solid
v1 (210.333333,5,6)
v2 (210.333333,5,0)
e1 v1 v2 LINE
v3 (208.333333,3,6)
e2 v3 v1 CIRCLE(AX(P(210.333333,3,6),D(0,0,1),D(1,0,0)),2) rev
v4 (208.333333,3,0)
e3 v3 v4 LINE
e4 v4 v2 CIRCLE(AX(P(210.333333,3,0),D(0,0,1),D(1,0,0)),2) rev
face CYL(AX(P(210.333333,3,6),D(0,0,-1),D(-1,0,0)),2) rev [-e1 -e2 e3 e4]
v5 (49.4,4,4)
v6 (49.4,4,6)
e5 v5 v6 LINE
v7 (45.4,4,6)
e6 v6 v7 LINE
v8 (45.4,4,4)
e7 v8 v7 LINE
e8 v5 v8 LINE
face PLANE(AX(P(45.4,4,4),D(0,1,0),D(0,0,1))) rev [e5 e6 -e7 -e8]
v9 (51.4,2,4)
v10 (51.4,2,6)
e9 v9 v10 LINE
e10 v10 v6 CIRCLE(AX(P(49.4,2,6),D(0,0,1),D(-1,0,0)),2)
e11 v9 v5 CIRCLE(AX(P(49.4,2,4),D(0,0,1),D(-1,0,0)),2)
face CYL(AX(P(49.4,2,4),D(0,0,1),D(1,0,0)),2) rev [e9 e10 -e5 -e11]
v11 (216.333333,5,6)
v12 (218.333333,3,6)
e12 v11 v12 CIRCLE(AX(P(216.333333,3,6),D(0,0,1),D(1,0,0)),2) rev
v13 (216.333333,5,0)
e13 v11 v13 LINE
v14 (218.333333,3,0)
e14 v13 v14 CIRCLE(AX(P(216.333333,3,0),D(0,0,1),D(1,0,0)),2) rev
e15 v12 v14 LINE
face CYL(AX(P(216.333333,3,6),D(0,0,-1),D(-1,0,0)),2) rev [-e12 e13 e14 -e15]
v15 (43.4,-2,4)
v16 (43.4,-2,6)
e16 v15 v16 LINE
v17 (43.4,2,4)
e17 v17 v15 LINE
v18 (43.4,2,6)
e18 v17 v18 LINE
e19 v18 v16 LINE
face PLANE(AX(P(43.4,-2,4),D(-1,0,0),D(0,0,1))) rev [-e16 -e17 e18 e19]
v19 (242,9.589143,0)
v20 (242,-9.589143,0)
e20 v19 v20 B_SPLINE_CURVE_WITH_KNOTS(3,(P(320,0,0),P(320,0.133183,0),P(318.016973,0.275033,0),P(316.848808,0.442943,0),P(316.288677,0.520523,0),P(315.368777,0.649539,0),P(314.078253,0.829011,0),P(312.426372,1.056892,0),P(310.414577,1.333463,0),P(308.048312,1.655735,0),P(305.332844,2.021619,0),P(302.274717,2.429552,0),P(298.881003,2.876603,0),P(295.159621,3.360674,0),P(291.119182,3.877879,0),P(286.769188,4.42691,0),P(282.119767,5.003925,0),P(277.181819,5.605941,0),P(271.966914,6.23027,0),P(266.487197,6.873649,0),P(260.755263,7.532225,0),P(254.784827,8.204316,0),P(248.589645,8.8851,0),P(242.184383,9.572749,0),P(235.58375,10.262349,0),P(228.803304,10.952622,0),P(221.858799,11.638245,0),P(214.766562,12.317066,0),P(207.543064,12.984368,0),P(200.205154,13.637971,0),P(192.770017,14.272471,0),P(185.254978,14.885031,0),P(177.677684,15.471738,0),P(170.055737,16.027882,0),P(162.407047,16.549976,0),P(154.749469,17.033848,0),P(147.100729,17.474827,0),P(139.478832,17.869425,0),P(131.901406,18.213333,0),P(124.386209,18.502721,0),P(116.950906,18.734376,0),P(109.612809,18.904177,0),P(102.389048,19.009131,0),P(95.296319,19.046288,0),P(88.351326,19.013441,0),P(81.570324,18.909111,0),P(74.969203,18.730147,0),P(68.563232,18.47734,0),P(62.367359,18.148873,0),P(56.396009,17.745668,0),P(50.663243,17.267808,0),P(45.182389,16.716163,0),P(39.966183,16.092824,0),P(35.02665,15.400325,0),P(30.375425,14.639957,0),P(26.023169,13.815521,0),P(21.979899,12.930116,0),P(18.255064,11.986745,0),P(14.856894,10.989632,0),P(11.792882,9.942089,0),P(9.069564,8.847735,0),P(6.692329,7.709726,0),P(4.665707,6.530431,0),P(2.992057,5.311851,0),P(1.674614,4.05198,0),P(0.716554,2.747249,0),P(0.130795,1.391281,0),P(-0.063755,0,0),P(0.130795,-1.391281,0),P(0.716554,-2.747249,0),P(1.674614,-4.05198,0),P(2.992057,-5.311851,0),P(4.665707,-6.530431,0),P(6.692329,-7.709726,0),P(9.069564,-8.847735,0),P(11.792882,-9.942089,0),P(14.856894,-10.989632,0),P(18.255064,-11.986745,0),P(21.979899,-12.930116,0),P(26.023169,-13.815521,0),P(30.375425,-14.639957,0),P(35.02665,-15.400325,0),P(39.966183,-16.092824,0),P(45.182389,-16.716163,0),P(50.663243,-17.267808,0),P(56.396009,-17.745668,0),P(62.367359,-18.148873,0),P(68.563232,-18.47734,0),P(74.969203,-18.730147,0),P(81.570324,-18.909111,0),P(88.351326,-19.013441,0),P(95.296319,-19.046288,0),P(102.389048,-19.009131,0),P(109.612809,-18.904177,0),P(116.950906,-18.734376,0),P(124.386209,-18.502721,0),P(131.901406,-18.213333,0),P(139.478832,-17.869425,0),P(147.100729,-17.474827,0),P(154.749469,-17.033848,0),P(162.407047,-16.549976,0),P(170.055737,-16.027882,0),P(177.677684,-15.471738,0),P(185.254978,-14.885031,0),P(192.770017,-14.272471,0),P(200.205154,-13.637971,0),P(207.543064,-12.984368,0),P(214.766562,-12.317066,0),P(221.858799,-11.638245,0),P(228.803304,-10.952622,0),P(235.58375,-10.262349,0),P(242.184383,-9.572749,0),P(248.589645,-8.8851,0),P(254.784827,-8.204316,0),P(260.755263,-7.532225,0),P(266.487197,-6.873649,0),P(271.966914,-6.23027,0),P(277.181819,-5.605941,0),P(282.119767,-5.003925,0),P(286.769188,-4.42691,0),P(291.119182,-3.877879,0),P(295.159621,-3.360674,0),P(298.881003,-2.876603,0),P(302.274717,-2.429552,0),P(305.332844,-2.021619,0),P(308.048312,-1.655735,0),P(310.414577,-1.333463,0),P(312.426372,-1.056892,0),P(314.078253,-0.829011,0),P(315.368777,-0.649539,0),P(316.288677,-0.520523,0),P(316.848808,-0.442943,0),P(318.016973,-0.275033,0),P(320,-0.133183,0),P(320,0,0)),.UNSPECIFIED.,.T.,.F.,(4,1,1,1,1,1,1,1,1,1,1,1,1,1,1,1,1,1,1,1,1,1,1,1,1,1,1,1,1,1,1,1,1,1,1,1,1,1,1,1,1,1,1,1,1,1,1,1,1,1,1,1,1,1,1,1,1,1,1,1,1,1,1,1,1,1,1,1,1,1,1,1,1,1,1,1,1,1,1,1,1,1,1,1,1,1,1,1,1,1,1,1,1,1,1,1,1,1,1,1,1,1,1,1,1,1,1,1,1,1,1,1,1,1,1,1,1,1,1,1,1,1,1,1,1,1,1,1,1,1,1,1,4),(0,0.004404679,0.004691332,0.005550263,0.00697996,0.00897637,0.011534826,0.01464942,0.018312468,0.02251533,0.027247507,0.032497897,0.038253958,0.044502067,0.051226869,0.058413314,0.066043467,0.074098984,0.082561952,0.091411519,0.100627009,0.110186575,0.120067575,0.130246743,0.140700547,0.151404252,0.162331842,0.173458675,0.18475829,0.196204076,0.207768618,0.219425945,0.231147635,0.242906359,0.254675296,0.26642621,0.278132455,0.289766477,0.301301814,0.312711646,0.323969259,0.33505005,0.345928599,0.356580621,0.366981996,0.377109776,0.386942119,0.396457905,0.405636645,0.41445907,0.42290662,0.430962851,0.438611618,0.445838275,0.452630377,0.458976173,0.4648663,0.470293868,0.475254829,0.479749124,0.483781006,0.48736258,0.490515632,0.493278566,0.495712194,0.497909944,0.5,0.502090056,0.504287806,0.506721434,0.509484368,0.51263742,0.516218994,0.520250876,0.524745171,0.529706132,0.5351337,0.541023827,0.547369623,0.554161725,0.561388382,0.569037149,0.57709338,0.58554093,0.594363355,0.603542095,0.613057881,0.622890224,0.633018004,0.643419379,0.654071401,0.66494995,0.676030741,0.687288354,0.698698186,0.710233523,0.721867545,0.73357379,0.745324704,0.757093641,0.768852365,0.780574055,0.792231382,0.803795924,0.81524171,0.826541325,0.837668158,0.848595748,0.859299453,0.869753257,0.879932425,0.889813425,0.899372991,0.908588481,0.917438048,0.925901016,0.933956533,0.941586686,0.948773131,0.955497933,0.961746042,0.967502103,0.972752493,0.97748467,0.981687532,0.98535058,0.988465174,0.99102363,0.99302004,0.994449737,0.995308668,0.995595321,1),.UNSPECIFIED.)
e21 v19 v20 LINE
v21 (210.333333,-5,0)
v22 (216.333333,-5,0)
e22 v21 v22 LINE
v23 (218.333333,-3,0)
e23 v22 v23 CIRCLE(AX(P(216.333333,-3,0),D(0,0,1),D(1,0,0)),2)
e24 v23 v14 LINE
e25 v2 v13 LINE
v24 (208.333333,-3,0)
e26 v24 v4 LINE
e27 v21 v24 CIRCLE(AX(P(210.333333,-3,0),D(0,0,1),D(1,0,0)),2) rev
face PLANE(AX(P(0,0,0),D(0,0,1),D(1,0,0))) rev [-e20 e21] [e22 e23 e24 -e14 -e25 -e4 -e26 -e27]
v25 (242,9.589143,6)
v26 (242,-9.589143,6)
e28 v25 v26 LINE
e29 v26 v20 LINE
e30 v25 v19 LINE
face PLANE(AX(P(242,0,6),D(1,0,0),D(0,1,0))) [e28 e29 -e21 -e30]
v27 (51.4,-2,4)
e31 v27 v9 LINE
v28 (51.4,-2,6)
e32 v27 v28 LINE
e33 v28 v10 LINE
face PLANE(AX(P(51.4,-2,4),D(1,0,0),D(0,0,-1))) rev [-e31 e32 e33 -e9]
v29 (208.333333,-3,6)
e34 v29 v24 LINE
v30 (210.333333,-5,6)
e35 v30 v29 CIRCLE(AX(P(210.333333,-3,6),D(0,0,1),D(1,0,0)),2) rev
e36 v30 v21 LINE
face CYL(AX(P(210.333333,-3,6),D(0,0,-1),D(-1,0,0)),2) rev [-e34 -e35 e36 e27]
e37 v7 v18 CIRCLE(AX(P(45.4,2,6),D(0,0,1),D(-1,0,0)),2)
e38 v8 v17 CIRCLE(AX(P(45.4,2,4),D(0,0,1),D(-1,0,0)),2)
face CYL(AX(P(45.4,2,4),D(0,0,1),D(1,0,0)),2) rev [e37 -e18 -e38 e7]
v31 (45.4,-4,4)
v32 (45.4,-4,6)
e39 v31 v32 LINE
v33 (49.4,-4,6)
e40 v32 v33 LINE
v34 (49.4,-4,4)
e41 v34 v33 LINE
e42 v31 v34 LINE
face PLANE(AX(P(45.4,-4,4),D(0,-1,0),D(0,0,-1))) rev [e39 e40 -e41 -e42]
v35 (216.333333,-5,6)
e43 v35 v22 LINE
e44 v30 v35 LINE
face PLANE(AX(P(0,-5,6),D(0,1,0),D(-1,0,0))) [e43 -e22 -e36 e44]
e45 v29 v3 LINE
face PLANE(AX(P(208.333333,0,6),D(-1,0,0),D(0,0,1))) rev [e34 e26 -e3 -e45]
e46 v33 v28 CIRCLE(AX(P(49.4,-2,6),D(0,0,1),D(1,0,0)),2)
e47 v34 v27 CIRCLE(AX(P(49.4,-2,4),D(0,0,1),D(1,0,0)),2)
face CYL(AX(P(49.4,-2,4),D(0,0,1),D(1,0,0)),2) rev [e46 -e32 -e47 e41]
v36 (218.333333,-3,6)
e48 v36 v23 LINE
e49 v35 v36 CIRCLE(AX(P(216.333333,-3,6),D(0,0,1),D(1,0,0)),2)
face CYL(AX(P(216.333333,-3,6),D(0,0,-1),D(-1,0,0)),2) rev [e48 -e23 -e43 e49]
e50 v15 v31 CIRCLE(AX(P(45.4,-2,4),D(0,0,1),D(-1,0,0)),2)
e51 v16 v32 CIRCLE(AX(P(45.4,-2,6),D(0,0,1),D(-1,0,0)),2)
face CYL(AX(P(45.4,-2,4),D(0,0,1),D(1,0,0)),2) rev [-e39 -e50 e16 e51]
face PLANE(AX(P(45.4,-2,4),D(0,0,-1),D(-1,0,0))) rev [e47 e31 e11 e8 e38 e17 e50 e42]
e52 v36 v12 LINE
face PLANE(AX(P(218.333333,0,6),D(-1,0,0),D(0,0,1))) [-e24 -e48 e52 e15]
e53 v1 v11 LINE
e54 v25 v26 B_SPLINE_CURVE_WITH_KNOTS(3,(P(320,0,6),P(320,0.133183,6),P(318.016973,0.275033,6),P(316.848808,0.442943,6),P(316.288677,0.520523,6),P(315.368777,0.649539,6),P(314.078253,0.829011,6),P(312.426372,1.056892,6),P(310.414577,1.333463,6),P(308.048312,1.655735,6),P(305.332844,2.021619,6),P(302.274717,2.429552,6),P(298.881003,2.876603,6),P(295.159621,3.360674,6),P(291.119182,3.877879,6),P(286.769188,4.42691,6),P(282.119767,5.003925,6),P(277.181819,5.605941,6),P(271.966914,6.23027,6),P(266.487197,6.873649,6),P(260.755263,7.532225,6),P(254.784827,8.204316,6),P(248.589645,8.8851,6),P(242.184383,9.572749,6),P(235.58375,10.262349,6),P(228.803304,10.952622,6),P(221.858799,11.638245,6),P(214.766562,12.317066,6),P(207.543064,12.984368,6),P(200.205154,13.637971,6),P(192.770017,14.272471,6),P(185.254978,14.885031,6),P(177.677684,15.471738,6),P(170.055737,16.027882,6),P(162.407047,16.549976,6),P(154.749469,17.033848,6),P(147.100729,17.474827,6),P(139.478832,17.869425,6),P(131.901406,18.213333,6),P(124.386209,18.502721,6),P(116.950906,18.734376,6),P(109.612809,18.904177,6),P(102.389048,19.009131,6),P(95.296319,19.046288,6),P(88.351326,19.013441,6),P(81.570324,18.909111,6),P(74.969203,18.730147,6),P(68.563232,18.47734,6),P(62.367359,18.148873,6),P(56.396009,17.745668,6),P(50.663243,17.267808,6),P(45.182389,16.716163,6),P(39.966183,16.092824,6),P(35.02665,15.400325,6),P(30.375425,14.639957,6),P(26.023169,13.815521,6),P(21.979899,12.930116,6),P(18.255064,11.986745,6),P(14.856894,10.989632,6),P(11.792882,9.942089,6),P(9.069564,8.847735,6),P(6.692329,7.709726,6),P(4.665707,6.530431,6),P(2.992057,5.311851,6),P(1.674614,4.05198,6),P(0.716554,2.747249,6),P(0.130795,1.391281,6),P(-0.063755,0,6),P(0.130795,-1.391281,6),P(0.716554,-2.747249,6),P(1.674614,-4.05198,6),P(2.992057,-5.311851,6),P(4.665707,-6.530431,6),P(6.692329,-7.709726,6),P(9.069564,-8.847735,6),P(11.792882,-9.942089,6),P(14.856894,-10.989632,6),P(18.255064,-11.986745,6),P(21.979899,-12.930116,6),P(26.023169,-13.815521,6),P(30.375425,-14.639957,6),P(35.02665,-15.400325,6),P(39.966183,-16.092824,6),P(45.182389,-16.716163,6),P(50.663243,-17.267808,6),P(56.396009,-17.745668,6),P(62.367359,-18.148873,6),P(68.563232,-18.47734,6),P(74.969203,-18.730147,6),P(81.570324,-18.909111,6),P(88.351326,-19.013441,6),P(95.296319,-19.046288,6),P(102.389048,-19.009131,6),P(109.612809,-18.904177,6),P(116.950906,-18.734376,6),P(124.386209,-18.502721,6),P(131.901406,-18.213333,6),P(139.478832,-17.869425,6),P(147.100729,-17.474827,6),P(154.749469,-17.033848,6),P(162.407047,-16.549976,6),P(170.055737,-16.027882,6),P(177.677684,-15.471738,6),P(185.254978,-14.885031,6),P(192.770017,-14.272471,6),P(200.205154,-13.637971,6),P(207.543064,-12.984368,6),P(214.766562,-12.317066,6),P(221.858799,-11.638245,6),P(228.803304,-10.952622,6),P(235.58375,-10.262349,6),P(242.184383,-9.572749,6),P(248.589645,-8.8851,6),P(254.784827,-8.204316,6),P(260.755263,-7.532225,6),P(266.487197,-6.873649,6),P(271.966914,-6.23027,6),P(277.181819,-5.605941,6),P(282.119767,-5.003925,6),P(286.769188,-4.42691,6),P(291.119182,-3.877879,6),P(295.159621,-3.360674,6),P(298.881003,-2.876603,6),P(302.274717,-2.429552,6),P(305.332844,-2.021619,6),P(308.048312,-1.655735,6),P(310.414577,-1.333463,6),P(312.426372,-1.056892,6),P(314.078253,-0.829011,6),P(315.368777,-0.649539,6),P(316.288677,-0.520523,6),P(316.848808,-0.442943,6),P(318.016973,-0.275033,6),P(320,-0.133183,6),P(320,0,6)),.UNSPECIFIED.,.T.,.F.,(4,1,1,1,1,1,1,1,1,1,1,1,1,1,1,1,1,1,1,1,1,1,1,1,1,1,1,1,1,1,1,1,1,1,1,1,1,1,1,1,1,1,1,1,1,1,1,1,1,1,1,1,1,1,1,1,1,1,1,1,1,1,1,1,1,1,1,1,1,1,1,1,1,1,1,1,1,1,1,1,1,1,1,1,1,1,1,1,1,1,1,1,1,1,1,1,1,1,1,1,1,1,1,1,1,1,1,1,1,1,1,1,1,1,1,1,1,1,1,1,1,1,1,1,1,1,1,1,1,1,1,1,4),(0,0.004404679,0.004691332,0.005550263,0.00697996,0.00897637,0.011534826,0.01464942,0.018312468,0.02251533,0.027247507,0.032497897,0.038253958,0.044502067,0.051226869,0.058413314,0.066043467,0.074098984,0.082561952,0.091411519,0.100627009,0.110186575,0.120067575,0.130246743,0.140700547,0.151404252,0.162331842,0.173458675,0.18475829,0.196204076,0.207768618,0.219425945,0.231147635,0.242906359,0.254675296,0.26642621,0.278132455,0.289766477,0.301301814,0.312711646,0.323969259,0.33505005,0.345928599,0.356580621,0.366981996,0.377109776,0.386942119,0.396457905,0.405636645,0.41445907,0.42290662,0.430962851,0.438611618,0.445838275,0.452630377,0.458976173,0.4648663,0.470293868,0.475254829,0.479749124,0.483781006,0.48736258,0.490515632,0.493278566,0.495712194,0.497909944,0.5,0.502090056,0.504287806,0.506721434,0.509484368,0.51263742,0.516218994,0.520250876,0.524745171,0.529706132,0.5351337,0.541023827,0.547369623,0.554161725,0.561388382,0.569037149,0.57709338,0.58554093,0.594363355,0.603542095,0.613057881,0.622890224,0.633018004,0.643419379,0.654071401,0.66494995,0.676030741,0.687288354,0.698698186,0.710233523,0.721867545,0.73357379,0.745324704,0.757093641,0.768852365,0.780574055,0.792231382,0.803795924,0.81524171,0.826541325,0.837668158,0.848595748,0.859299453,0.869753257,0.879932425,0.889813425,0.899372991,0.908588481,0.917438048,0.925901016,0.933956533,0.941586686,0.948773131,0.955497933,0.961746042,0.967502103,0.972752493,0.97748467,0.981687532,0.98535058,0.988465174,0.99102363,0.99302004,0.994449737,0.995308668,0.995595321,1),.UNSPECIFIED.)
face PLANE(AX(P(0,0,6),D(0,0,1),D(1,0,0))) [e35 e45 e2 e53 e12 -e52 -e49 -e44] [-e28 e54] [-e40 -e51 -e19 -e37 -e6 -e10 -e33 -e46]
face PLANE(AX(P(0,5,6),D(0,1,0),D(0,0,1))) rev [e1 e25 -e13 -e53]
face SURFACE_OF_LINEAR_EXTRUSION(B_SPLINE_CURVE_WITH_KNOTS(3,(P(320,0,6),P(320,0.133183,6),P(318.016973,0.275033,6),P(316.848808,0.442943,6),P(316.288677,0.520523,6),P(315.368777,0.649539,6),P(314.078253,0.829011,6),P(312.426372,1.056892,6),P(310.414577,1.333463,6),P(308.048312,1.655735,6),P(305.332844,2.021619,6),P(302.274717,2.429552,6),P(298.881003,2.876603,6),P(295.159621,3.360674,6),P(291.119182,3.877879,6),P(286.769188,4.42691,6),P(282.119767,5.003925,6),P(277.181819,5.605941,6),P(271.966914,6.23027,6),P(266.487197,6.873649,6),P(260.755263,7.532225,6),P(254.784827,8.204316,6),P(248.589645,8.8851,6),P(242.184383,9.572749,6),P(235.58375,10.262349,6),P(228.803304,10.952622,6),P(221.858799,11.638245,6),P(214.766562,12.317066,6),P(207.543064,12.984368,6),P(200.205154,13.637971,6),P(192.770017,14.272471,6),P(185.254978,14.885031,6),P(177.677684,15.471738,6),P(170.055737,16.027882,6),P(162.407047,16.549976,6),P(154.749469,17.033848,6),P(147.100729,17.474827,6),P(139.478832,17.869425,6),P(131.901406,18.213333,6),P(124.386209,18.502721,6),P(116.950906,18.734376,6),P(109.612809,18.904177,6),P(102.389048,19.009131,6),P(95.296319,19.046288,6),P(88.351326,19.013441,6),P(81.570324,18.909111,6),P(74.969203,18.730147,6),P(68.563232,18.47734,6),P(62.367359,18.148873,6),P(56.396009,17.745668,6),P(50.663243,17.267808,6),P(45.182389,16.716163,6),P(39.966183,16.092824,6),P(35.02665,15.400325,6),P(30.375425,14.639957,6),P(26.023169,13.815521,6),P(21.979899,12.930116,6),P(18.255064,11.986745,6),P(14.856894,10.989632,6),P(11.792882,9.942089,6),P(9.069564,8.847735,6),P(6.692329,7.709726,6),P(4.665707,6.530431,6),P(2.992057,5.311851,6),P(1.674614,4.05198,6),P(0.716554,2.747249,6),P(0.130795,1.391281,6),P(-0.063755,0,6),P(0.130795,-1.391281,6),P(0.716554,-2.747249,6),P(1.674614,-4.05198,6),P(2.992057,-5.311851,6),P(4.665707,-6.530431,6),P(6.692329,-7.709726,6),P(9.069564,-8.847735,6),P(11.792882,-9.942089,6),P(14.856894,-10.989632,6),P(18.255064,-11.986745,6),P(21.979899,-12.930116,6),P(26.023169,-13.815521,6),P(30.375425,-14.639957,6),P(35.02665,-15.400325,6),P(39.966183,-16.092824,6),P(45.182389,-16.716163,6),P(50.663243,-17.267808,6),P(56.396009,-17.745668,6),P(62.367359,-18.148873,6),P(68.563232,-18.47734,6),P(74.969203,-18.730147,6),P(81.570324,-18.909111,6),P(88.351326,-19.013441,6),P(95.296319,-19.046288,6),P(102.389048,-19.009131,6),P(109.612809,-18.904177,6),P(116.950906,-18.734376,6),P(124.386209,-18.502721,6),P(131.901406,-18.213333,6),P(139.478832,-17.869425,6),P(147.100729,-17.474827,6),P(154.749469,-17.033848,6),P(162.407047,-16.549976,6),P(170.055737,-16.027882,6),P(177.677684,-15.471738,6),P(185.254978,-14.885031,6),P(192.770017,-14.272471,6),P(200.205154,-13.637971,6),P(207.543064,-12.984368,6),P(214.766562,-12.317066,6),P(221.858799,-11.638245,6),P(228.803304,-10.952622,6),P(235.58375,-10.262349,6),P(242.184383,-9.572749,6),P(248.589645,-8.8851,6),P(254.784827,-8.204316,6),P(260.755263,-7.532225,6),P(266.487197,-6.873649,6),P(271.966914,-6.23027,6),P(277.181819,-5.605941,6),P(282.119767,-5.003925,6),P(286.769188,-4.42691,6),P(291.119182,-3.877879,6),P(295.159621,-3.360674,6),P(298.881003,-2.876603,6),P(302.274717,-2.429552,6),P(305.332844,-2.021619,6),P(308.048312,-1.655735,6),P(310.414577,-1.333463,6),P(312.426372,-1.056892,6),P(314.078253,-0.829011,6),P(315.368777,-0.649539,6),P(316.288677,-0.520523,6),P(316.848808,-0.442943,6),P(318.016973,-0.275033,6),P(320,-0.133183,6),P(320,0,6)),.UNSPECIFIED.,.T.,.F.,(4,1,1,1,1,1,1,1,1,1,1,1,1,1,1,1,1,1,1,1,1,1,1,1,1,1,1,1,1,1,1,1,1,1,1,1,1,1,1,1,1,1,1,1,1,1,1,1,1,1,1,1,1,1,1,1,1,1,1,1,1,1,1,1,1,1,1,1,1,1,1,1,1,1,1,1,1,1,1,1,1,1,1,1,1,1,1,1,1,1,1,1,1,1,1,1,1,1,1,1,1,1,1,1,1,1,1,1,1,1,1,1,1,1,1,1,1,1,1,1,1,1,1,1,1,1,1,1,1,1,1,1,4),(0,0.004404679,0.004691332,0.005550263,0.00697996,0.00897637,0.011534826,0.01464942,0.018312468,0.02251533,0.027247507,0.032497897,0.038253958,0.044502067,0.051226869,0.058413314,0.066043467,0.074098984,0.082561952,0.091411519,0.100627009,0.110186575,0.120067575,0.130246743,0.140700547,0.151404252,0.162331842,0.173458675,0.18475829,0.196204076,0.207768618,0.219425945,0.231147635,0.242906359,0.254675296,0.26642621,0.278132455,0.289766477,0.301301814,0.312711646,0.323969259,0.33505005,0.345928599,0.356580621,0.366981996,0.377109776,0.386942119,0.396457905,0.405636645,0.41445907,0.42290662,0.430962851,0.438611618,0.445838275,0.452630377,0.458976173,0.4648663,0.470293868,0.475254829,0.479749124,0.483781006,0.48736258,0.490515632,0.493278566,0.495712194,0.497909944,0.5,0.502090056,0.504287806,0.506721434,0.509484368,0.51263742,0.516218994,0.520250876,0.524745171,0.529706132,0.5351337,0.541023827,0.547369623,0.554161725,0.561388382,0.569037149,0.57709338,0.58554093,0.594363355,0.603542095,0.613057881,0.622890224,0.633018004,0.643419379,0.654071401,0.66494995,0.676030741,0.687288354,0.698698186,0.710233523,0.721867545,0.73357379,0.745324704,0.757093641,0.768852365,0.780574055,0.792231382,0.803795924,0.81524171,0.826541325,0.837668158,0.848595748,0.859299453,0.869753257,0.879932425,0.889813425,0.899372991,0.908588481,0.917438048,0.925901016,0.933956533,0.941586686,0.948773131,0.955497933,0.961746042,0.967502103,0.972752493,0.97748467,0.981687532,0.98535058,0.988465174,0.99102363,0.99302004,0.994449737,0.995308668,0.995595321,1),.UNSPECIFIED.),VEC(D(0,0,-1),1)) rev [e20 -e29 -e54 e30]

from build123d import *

# Parameters (mm, degrees)
RESSALTO_EXTRUS_O1_DEPTH = 6
CORTE_EXTRUS_O1_DEPTH    = 2


with BuildPart() as part:
    # Esboço2 → Ressalto-extrusão1 (new body)
    with BuildSketch(Plane.XY):
        with BuildLine():
            Line((242, -9.589142856), (242, 9.589142856))
            add(Edge.make_bspline(
                [(242, 9.589142856), (239.881252566, 9.813363987), (235.500866993, 10.270786744), (228.8033041, 10.952622095), (221.858798663, 11.63824546), (214.766562031, 12.317065717), (207.543063709, 12.984368151), (200.205154302, 13.637971107), (192.770016736, 14.272471351), (185.254977834, 14.88503078), (177.677684334, 15.471737584), (170.055736643, 16.027881886), (162.40704666, 16.549975637), (154.749469182, 17.033848442), (147.100729109, 17.474827228), (139.478832183, 17.869424682), (131.901405659, 18.213332959), (124.386208897, 18.502720934), (116.950906263, 18.734375885), (109.612808746, 18.904177161), (102.389047686, 19.009131312), (95.296318699, 19.046288449), (88.351326253, 19.013440651), (81.57032427, 18.909111024), (74.969202801, 18.730146674), (68.563231899, 18.477339509), (62.367359064, 18.148873086), (56.39600907, 17.745668031), (50.663243104, 17.267808413), (45.18238949, 16.71616277), (39.966183181, 16.092823711), (35.026649567, 15.400324993), (30.37542502, 14.639957437), (26.023169264, 13.815521264), (21.979898941, 12.930116494), (18.255063513, 11.986744519), (14.856893697, 10.989631519), (11.79288245, 9.942088903), (9.069563952, 8.847734633), (6.692329129, 7.709725732), (4.665706927, 6.530431468), (2.99205726, 5.311850985), (1.674614077, 4.05197978), (0.716554427, 2.74724885), (0.130795245, 1.391280824), (-0.063755079, 0), (0.130795245, -1.391280824), (0.716554427, -2.74724885), (1.674614077, -4.05197978), (2.99205726, -5.311850985), (4.665706927, -6.530431468), (6.692329129, -7.709725732), (9.069563952, -8.847734633), (11.79288245, -9.942088903), (14.856893697, -10.989631519), (18.255063513, -11.986744519), (21.979898941, -12.930116494), (26.023169264, -13.815521264), (30.37542502, -14.639957437), (35.026649567, -15.400324993), (39.966183181, -16.092823711), (45.18238949, -16.71616277), (50.663243104, -17.267808413), (56.39600907, -17.745668031), (62.367359064, -18.148873086), (68.563231899, -18.477339509), (74.969202801, -18.730146674), (81.57032427, -18.909111024), (88.351326253, -19.013440651), (95.296318699, -19.046288449), (102.389047686, -19.009131312), (109.612808746, -18.904177161), (116.950906263, -18.734375885), (124.386208897, -18.502720934), (131.901405659, -18.213332959), (139.478832183, -17.869424682), (147.100729109, -17.474827228), (154.749469182, -17.033848442), (162.40704666, -16.549975637), (170.055736643, -16.027881886), (177.677684334, -15.471737584), (185.254977834, -14.88503078), (192.770016736, -14.272471351), (200.205154302, -13.637971107), (207.543063709, -12.984368151), (214.766562031, -12.317065717), (221.858798663, -11.63824546), (228.8033041, -10.952622095), (235.500866993, -10.270786744), (239.881252566, -9.813363987), (242, -9.589142856)],
                knots=[0.120450629, 0.120450629, 0.120450629, 0.120450629, 0.130246743, 0.140700547, 0.151404252, 0.162331842, 0.173458675, 0.18475829, 0.196204076, 0.207768618, 0.219425945, 0.231147635, 0.242906359, 0.254675296, 0.26642621, 0.278132455, 0.289766477, 0.301301814, 0.312711646, 0.323969259, 0.33505005, 0.345928599, 0.356580621, 0.366981996, 0.377109776, 0.386942119, 0.396457905, 0.405636645, 0.41445907, 0.42290662, 0.430962851, 0.438611618, 0.445838275, 0.452630377, 0.458976173, 0.4648663, 0.470293868, 0.475254829, 0.479749124, 0.483781006, 0.48736258, 0.490515632, 0.493278566, 0.495712194, 0.497909944, 0.5, 0.502090056, 0.504287806, 0.506721434, 0.509484368, 0.51263742, 0.516218994, 0.520250876, 0.524745171, 0.529706132, 0.5351337, 0.541023827, 0.547369623, 0.554161725, 0.561388382, 0.569037149, 0.57709338, 0.58554093, 0.594363355, 0.603542095, 0.613057881, 0.622890224, 0.633018004, 0.643419379, 0.654071401, 0.66494995, 0.676030741, 0.687288354, 0.698698186, 0.710233523, 0.721867545, 0.73357379, 0.745324704, 0.757093641, 0.768852365, 0.780574055, 0.792231382, 0.803795924, 0.81524171, 0.826541325, 0.837668158, 0.848595748, 0.859299453, 0.869753257, 0.879549371, 0.879549371, 0.879549371, 0.879549371], degree=3))
        make_face()
        with BuildLine():
            Line((216.33333333, -5), (210.33333333, -5))
            ThreePointArc((210.33333333, -5), (208.919119768, -4.414213562), (208.33333333, -3))
            Line((208.33333333, -3), (208.33333333, 3))
            ThreePointArc((208.33333333, 3), (208.919119768, 4.414213562), (210.33333333, 5))
            Line((210.33333333, 5), (216.33333333, 5))
            ThreePointArc((216.33333333, 5), (217.747546892, 4.414213562), (218.33333333, 3))
            Line((218.33333333, 3), (218.33333333, -3))
            ThreePointArc((218.33333333, -3), (217.747546892, -4.414213562), (216.33333333, -5))
        make_face(mode=Mode.SUBTRACT)
    extrude(amount=RESSALTO_EXTRUS_O1_DEPTH)

    # Esboço3 → Corte-extrusão1 (cut)
    with BuildSketch(Plane.XY.offset(6)):
        with BuildLine():
            Line((45.4, -4), (49.4, -4))
            ThreePointArc((49.4, -4), (50.814213562, -3.414213562), (51.4, -2))
            Line((51.4, -2), (51.4, 2))
            ThreePointArc((51.4, 2), (50.814213562, 3.414213562), (49.4, 4))
            Line((49.4, 4), (45.4, 4))
            ThreePointArc((45.4, 4), (43.985786438, 3.414213562), (43.4, 2))
            Line((43.4, 2), (43.4, -2))
            ThreePointArc((43.4, -2), (43.985786438, -3.414213562), (45.4, -4))
        make_face()
    extrude(amount=-CORTE_EXTRUS_O1_DEPTH, mode=Mode.SUBTRACT)


solid = part.part
